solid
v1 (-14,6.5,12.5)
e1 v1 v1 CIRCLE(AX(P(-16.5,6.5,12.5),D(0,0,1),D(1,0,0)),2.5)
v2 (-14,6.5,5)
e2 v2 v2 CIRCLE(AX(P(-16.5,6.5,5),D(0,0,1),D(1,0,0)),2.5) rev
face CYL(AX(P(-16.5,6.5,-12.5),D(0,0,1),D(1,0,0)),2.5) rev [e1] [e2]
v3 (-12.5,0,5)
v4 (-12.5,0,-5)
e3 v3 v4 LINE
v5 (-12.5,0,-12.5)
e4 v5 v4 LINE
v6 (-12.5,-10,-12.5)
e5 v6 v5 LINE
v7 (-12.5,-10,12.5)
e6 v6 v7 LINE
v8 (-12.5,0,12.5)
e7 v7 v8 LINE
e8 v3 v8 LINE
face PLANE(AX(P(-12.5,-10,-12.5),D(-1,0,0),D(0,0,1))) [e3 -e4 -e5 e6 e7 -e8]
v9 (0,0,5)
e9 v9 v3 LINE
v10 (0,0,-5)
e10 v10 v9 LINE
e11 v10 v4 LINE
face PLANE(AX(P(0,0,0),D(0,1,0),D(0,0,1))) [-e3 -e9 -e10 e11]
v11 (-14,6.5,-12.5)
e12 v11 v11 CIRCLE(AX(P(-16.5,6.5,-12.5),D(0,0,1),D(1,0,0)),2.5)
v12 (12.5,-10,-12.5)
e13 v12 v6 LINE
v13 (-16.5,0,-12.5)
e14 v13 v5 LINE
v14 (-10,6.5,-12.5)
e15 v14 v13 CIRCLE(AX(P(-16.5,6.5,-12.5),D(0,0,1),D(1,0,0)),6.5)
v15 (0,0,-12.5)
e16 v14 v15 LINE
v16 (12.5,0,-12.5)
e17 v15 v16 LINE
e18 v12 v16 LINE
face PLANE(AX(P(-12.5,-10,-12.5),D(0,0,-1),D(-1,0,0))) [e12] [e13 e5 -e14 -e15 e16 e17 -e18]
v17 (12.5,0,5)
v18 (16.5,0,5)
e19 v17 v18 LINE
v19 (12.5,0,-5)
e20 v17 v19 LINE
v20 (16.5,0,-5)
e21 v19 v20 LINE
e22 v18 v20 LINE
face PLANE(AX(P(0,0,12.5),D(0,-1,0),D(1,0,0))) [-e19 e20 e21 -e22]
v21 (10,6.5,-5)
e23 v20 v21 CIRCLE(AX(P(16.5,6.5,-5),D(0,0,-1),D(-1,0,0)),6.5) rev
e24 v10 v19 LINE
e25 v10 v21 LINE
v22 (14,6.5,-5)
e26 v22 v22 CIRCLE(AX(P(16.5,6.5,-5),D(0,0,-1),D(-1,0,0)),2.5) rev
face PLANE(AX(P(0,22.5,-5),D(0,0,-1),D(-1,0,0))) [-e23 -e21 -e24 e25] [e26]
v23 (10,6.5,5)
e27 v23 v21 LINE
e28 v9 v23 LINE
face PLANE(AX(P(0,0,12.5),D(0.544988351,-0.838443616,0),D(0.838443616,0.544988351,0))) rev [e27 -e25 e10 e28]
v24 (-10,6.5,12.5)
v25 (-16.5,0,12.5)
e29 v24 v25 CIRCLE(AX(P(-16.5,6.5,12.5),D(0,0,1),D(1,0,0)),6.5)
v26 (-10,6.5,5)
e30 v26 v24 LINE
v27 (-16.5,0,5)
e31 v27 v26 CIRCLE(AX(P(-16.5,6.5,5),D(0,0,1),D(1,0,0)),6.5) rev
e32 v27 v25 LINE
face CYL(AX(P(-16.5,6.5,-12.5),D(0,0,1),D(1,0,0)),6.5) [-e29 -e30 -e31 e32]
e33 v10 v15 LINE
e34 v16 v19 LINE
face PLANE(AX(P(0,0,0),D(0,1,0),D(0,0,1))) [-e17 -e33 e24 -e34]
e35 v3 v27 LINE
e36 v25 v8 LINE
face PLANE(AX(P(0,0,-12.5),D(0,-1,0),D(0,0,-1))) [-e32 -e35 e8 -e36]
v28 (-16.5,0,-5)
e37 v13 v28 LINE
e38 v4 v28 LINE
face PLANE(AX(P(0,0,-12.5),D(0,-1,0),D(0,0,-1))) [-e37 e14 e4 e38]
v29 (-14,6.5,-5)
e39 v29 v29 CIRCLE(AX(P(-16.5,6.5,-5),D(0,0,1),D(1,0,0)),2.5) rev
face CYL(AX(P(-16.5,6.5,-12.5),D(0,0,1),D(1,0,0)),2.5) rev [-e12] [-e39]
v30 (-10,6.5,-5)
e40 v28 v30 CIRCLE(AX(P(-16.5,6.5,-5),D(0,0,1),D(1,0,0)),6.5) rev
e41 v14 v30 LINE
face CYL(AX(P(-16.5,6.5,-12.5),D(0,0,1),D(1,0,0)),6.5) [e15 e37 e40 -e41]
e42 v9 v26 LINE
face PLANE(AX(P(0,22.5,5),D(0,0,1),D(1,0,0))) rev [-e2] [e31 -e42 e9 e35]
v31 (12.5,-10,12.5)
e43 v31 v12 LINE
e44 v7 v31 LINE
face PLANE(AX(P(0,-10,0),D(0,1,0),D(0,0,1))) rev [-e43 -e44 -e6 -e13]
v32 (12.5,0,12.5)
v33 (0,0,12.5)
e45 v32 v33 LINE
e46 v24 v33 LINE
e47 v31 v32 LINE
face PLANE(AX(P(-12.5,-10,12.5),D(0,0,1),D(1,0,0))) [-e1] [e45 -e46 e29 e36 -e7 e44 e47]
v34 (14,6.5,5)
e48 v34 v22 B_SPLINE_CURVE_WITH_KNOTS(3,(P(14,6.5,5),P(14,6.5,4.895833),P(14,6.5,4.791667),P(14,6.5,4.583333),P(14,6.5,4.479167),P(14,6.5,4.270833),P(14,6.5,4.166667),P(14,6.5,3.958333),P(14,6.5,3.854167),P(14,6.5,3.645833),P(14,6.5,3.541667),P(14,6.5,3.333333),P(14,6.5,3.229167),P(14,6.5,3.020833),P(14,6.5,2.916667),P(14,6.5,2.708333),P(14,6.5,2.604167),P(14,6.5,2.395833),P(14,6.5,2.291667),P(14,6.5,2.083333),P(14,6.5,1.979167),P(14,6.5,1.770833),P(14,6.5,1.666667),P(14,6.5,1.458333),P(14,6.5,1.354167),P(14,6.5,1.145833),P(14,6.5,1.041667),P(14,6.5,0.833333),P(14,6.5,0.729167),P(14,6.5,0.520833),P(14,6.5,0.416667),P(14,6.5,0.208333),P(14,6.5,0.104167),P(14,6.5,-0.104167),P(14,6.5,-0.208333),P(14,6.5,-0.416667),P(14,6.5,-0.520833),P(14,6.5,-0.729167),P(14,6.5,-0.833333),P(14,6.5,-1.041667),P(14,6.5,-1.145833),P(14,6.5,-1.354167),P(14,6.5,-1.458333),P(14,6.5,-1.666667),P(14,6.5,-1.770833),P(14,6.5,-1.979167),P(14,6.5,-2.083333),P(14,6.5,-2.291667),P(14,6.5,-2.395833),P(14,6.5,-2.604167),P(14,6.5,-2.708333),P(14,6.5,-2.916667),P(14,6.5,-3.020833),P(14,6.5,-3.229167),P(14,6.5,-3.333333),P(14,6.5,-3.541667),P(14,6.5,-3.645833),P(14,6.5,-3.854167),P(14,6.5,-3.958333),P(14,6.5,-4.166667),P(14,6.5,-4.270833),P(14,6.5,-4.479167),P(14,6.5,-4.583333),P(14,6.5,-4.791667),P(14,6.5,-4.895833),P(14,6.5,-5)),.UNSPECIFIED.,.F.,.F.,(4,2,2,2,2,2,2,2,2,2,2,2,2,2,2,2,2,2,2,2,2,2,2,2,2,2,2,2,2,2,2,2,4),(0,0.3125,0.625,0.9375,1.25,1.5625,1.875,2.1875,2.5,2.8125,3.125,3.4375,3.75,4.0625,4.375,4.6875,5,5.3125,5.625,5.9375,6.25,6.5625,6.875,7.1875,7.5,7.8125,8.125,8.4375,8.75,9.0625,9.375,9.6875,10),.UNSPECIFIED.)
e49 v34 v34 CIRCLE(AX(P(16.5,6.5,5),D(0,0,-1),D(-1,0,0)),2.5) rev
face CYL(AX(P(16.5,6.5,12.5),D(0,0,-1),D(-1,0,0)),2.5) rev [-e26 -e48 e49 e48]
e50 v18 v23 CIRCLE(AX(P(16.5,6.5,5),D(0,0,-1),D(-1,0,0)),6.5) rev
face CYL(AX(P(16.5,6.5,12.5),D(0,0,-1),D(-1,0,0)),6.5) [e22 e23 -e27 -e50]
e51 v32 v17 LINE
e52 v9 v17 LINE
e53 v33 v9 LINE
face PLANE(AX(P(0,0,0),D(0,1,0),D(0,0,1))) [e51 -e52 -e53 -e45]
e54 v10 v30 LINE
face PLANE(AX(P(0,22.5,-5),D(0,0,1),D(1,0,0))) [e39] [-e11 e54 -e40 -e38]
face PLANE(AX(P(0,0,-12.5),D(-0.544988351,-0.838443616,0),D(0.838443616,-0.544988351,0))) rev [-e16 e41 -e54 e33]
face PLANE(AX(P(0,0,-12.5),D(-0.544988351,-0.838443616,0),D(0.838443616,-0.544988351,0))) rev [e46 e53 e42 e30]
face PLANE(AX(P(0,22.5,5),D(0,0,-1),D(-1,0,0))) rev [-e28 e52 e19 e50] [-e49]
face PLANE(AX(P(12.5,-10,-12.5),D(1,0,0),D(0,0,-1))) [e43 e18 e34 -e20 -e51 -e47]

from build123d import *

# Parameters (mm, degrees)
SKETCH1_W                = 25
SKETCH1_H                = 25
BOSS_EXTRUDE1_DEPTH      = 10
BOSS_EXTRUDE2_DEPTH      = 12.5
BOSS_EXTRUDE2_DEPTH_BACK = 12.5
SKETCH2_R                = 2.5
SKETCH3_W                = 25.519828657
SKETCH3_H                = 10
SKETCH3_W_2              = 24.900390406
SKETCH3_H_2              = 9.385874126
SKETCH3_H_3              = 11.424636542
CUT_EXTRUDE1_DEPTH       = 22.5


with BuildPart() as part:
    # Sketch1 → Boss-Extrude1 (new body)
    with BuildSketch(Plane(origin=(0, 0, 0), x_dir=(1, 0, 0), z_dir=(0, 1, 0))):
        Rectangle(SKETCH1_W, SKETCH1_H)
    extrude(amount=-BOSS_EXTRUDE1_DEPTH)

    # Sketch2 → Boss-Extrude2 (add, two sides: drawn at the far end of the back side and taken through both)
    # profile 1 of 2: a face of its own
    with BuildSketch(Plane.XY.offset(-BOSS_EXTRUDE2_DEPTH_BACK)):
        with BuildLine():
            Line((0, 0), (-10, 6.5))
            ThreePointArc((-10, 6.5), (-21.096194078, 11.096194078), (-16.5, 0))
            Line((-16.5, 0), (0, 0))
        make_face()
        with Locations((-16.5, 6.5)):
            Circle(SKETCH2_R, mode=Mode.SUBTRACT)
    # profile 2 of 2: a face of its own
    with BuildSketch(Plane.XY.offset(-BOSS_EXTRUDE2_DEPTH_BACK)):
        with BuildLine():
            Line((10, 6.5), (0, 0))
            Line((0, 0), (16.5, 0))
            ThreePointArc((16.5, 0), (21.096194078, 11.096194078), (10, 6.5))
        make_face()
        with Locations((16.5, 6.5)):
            Circle(SKETCH2_R, mode=Mode.SUBTRACT)
    extrude(amount=BOSS_EXTRUDE2_DEPTH + BOSS_EXTRUDE2_DEPTH_BACK)

    # Sketch3 → Cut-Extrude1 (cut)
    with BuildSketch(Plane(origin=(0, 0, 0), x_dir=(1, 0, 0), z_dir=(0, 1, 0))):
        with Locations((-12.759914329, 0)):
            Rectangle(SKETCH3_W, SKETCH3_H)
        with Locations((12.450195203, -9.692937063)):
            Rectangle(SKETCH3_W_2, SKETCH3_H_2)
        with Locations((12.450195203, 10.712318271)):
            Rectangle(SKETCH3_W_2, SKETCH3_H_3)
    extrude(amount=CUT_EXTRUDE1_DEPTH, mode=Mode.SUBTRACT)


solid = part.part
